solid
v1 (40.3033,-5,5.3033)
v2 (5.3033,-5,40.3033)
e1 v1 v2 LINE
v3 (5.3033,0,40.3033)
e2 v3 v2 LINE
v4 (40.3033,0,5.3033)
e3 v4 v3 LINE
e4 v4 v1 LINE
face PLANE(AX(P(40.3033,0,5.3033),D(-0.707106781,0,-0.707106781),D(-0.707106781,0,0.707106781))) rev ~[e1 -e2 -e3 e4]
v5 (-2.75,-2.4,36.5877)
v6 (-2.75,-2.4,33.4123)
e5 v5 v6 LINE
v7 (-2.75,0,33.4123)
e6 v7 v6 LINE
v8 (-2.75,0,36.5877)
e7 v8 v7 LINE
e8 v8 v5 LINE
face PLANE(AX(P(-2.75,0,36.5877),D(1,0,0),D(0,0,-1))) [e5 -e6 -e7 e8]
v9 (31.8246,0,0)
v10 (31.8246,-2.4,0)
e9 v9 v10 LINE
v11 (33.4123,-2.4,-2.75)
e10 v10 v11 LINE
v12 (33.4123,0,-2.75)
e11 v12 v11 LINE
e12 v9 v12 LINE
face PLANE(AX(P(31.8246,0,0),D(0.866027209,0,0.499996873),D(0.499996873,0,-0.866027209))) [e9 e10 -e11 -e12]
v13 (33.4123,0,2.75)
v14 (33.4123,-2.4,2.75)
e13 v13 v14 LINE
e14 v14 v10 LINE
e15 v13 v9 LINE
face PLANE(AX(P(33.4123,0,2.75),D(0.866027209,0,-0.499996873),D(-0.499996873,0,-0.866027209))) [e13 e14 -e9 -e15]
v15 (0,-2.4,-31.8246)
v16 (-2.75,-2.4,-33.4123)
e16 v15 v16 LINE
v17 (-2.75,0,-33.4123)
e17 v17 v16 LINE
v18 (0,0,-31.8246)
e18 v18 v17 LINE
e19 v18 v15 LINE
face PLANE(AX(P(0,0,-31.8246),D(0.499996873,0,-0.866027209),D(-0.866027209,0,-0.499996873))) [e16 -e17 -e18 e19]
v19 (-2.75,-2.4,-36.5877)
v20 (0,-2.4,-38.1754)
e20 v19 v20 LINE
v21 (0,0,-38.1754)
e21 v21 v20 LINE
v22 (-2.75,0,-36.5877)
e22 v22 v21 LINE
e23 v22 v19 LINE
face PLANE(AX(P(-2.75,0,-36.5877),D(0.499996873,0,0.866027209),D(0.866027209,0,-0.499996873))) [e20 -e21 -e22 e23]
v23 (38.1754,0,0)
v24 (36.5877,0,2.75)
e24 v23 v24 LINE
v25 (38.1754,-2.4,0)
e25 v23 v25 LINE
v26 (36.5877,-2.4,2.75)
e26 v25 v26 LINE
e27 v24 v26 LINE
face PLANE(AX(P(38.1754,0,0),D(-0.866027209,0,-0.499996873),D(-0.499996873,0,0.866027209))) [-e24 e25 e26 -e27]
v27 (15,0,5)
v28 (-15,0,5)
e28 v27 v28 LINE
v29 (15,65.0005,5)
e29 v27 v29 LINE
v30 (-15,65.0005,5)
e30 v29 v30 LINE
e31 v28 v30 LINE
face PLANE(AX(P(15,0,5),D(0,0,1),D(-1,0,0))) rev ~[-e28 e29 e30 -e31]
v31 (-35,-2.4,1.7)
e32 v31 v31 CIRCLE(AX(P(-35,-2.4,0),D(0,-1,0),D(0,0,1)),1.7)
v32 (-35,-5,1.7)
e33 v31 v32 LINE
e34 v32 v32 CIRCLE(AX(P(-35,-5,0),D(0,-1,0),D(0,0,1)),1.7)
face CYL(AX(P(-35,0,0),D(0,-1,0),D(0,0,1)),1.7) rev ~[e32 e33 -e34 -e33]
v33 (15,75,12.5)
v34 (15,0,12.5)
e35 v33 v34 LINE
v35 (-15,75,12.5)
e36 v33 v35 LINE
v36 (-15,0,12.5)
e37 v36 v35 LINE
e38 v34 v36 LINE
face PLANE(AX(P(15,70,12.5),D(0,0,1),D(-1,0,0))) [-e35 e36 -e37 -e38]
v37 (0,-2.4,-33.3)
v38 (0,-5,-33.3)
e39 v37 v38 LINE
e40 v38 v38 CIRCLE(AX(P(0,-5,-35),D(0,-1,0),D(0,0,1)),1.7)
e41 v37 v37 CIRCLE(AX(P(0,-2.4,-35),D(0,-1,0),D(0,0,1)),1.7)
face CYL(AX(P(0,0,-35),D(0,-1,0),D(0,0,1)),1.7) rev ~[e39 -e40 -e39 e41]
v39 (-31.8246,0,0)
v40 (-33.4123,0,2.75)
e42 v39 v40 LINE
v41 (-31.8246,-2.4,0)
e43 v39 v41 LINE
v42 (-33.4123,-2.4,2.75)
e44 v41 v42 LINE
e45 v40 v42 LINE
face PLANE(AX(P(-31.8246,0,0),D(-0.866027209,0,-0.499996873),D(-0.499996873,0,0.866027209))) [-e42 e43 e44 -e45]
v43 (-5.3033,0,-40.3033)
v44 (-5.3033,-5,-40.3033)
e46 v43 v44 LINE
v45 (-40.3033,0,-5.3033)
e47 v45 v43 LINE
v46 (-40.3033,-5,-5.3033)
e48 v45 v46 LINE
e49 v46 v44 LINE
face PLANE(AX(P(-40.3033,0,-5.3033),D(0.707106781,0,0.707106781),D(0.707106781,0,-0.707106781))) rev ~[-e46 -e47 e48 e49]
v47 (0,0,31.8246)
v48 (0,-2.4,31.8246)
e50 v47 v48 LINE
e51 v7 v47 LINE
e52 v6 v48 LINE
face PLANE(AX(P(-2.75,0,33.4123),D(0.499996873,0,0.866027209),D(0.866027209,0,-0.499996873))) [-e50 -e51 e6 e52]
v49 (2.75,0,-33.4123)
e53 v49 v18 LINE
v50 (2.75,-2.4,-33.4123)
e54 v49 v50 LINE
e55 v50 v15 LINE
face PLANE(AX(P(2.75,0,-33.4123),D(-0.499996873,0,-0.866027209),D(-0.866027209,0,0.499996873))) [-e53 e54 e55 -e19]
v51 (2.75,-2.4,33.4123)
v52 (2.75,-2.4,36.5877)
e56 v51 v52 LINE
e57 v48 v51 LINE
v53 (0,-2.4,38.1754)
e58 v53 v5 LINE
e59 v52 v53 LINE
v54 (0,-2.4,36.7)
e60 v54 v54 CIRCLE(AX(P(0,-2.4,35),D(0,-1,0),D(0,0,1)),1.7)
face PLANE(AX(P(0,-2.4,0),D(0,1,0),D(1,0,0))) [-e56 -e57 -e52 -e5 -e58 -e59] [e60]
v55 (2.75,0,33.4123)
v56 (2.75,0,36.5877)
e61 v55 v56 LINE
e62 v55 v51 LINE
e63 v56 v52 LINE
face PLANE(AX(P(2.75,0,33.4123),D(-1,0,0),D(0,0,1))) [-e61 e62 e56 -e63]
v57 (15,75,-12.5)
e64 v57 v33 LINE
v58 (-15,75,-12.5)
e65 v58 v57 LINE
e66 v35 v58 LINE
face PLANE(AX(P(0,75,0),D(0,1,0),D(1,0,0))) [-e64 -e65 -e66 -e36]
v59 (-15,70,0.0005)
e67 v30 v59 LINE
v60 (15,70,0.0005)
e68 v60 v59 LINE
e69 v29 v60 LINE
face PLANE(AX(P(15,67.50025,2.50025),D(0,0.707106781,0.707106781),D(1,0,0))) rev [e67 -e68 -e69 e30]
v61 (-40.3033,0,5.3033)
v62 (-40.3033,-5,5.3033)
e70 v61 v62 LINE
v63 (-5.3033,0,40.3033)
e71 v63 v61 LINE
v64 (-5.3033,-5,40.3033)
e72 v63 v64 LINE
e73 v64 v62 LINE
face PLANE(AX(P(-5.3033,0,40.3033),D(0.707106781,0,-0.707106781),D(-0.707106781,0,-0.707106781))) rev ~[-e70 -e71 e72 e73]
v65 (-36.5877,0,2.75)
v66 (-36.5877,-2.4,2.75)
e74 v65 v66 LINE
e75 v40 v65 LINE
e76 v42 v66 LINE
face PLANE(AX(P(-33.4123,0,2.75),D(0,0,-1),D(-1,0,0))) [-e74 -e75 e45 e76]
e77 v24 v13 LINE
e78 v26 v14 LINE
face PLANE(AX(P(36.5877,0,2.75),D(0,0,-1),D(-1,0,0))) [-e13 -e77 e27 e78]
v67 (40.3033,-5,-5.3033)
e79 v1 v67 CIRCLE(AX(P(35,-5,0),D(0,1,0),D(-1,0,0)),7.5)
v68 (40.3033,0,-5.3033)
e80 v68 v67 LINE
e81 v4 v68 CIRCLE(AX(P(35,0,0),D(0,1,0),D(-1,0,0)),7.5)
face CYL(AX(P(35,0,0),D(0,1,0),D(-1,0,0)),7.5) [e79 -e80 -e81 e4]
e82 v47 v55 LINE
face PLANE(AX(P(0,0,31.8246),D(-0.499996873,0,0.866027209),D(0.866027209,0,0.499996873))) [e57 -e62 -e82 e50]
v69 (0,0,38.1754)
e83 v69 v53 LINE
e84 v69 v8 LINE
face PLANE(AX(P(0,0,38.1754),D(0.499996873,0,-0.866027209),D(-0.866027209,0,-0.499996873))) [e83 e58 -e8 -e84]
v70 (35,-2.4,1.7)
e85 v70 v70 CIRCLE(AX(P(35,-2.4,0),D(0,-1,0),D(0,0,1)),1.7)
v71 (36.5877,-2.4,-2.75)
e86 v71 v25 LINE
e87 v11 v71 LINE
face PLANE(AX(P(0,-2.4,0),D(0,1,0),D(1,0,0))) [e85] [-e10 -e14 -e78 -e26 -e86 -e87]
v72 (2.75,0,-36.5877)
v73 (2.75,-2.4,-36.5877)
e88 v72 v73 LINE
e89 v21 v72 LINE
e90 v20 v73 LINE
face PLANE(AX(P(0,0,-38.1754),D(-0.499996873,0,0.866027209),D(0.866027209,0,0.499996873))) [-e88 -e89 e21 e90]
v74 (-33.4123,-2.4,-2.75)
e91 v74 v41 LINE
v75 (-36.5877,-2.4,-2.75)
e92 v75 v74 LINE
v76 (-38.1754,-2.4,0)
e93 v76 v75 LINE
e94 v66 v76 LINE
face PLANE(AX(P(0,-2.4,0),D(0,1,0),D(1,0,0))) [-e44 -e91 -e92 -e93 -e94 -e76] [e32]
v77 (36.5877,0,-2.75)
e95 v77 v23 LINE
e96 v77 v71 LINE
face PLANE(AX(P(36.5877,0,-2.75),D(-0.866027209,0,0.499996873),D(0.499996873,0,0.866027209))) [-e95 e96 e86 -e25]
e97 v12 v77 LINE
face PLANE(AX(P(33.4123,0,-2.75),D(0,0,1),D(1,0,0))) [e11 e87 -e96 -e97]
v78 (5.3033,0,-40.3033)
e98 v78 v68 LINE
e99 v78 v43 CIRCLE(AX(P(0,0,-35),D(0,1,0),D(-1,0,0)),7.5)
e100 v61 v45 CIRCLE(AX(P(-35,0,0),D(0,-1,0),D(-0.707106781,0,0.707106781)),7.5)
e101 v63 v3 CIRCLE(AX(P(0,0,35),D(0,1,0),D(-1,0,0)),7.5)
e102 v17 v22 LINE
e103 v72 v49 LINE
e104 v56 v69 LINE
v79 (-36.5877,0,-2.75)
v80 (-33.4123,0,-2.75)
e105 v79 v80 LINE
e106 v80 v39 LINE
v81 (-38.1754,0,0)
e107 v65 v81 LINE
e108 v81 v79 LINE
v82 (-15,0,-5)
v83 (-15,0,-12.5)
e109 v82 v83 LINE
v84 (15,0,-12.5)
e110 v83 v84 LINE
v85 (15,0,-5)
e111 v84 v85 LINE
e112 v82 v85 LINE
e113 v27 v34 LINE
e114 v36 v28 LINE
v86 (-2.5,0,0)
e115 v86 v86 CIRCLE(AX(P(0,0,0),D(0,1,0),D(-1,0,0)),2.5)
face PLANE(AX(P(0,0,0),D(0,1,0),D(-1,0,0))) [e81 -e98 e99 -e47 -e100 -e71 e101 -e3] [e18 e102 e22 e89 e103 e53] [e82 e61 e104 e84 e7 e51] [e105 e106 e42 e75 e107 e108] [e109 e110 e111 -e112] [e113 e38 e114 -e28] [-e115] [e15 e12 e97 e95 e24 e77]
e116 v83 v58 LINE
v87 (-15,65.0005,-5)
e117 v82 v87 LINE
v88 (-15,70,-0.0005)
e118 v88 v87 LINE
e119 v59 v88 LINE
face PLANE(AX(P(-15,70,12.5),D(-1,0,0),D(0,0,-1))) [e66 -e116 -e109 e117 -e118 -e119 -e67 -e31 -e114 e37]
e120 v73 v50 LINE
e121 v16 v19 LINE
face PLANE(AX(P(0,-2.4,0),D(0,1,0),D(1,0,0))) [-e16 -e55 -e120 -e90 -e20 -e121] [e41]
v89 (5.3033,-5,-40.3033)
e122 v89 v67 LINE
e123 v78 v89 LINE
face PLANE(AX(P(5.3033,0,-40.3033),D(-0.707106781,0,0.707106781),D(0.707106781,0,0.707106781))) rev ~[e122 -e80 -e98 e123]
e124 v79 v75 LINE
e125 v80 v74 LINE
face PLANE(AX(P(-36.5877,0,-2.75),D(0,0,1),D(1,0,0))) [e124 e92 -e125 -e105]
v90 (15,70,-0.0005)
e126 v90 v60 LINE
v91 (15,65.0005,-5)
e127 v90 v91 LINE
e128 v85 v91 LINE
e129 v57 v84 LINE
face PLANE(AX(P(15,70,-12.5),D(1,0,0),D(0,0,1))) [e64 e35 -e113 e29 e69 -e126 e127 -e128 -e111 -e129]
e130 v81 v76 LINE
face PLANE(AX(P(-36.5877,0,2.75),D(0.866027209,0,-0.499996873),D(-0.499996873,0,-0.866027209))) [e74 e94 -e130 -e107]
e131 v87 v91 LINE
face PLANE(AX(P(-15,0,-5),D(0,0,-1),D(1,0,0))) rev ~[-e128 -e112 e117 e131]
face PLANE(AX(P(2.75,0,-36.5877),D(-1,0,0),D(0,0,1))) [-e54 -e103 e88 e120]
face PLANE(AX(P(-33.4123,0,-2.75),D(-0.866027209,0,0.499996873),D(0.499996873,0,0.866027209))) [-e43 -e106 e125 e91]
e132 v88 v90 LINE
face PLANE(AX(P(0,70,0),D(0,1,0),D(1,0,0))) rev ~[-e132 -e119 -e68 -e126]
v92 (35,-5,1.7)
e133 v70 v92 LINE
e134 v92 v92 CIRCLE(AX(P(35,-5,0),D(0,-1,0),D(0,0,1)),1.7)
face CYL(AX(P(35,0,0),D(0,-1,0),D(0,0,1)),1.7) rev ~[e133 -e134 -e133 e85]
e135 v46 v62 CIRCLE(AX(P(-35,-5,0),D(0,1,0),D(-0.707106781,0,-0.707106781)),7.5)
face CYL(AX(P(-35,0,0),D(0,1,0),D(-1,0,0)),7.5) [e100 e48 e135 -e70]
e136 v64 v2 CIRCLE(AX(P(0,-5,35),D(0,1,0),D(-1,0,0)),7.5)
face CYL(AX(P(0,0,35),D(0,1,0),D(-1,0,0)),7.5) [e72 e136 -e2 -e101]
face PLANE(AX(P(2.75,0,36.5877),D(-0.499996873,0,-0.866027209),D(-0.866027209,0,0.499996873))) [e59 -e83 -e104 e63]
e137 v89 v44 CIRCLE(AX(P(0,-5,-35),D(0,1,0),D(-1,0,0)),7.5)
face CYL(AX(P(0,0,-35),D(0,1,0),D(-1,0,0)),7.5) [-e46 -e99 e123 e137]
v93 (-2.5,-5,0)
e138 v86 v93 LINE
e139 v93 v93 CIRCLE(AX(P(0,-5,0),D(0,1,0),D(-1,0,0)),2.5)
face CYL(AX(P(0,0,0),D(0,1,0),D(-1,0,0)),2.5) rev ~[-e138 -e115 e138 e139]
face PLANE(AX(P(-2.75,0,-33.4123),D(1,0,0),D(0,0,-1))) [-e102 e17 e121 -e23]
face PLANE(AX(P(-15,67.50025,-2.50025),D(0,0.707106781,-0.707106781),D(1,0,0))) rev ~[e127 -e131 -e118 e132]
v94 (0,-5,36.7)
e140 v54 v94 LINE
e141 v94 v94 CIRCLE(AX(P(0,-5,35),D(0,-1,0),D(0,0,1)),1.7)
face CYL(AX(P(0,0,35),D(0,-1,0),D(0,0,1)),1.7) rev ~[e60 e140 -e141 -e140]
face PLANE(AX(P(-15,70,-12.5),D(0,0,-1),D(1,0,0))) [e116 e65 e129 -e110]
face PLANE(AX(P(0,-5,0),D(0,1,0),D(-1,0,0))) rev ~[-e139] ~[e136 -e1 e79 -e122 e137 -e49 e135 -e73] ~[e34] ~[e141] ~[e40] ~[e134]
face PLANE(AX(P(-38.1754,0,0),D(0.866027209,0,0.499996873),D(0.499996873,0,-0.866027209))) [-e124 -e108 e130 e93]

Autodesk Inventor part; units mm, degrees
ref_plane "YZ Plane" through (0, 0, 0) normal (1, 0, 0) x (0, 1, 0)
ref_plane "XZ Plane" through (0, 0, 0) normal (0, 1, 0) x (-1, 0, 0)
ref_plane "XY Plane" through (0, 0, 0) normal (0, 0, 1) x (1, 0, 0)
sketch "Sketch1" plane through (0, 0, 0) normal (0, 1, 0) x (-1, 0, 0)
  circle A0 centre (0, 0) radius 17.5 construction
  line L0 (0, 35) -> (0, -35) construction
  line L1 (35, 0) -> (-35, 0) construction
  dimension "d0" = 35
  dimension "d1" = 70
  dimension "d2" = 70
sketch "Sketch2" plane through (0, 0, 0) normal (0, 1, 0) x (-1, 0, 0)
  circle A0 centre (0, 0) radius 17.5 construction
  line L0 (0, 35) -> (0, -35) construction
  line L1 (35, 0) -> (-35, 0) construction
  circle A1 centre (35, 0) radius 7.5
  circle A2 centre (0, 35) radius 7.5
  circle A3 centre (-35, 0) radius 7.5
  circle A4 centre (0, -35) radius 7.5
  line L2 (5.3033, 40.3033) -> (40.3033, 5.3033)
  line L3 (-40.3033, 5.3033) -> (-5.3033, 40.3033)
  line L4 (-5.3033, -40.3033) -> (-40.3033, -5.3033)
  line L5 (40.3033, -5.3033) -> (5.3033, -40.3033)
  circle A5 centre (0, 0) radius 2.5
  point P0 (5.3033, -40.3033)
  point P1 (-40.3033, -5.3033)
  dimension "d3" = 15
  dimension "d6" = 360
  dimension "d10" = 360
  dimension "d14" = 5
extrude "Extrusion1" add sketch "Sketch2" against normal blind 5
hole "Hole1" at (0, 0, -35) at (0, 0, 35) at (-35, 0, 0) at (35, 0, 0) direction (0, -1, 0) diameter 3.4 end through all clearance for "Socket Head Cap Screw ISO 4762" size "M3" standard "ISO"
sketch "Sketch3" plane through (0, 0, 0) normal (0, 1, 0) x (1, 0, 0)
  line L0 (15, -12.5) -> (-15, -12.5)
  line L1 (-15, -12.5) -> (-15, 12.5)
  line L2 (-15, 12.5) -> (15, 12.5)
  line L3 (15, 12.5) -> (15, -12.5)
  circle A0 centre (0, 0) radius 2.5 projected
  line L4 (15, -12.5) -> (-15, 12.5) construction
  line L5 (-15, -12.5) -> (15, 12.5) construction
  line L6 (15, -5) -> (-15, -5)
  line L7 (-15, -5) -> (-15, 5)
  line L8 (-15, 5) -> (15, 5)
  line L9 (15, 5) -> (15, -5)
  line L10 (15, -5) -> (-15, 5) construction
  line L11 (-15, -5) -> (15, 5) construction
  point P0 (15, -5)
  dimension "d22" = 30
  dimension "d23" = 25
  dimension "d24" = 10
extrude "Extrusion2" add sketch "Sketch3" along normal blind 70 contours L0 L1 L6 L3 | L8 L1 L2 L3
sketch "Sketch4" plane through (0, 70, 0) normal (0, 1, 0) x (1, 0, 0)
  line L0 (-15, 12.5) -> (15, 12.5)
  line L1 (15, 12.5) -> (15, -12.5)
  line L2 (15, -12.5) -> (-15, -12.5)
  line L3 (-15, -12.5) -> (-15, 12.5)
  point P0 (0, 0)
extrude "Extrusion3" add sketch "Sketch4" along normal blind 5
sketch "Sketch5" plane through (0, 0, 0) normal (0, 1, 0) x (1, 0, 0)
  line L0 (15, -12.5) -> (-15, -12.5) projected
  line L1 (-15, -12.5) -> (-15, -5) projected
  line L2 (-15, -5) -> (15, -5) projected
  line L3 (15, -5) -> (15, -12.5) projected
  line L4 (-15, 12.5) -> (15, 12.5) projected
  line L5 (15, 12.5) -> (15, 5) projected
  line L6 (15, 5) -> (-15, 5) projected
  line L7 (-15, 5) -> (-15, 12.5) projected
  circle A0 centre (35, 0) radius 1.7 projected
  circle A1 centre (-35, 0) radius 1.7 projected
  circle A2 centre (0, -35) radius 1.7 projected
  circle A3 centre (0, 35) radius 1.7 projected
  arc A4 (-40.3033, 5.3033) -> (-40.3033, -5.3033) centre (-35, 0) ccw projected
  line L8 (-40.3033, -5.3033) -> (-5.3033, -40.3033) projected
  arc A5 (-5.3033, -40.3033) -> (5.3033, -40.3033) centre (0, -35) ccw projected
  line L9 (5.3033, -40.3033) -> (40.3033, -5.3033) projected
  arc A6 (40.3033, -5.3033) -> (40.3033, 5.3033) centre (35, 0) ccw projected
  line L10 (40.3033, 5.3033) -> (5.3033, 40.3033) projected
  arc A7 (5.3033, 40.3033) -> (-5.3033, 40.3033) centre (0, 35) ccw projected
  line L11 (-5.3033, 40.3033) -> (-40.3033, 5.3033) projected
  circle A8 centre (0, 0) radius 2.5 projected
  circle A9 centre (-35, 0) radius 2.75 construction
  line L12 (-33.4123, 2.75) -> (-31.8246, 0)
  line L13 (-31.8246, 0) -> (-33.4123, -2.75)
  line L14 (-33.4123, -2.75) -> (-36.5877, -2.75)
  line L15 (-36.5877, -2.75) -> (-38.1754, 0)
  line L16 (-38.1754, 0) -> (-36.5877, 2.75)
  line L17 (-36.5877, 2.75) -> (-33.4123, 2.75)
  line L18 (-2.75, -33.4123) -> (0, -31.8246)
  line L19 (0, -31.8246) -> (2.75, -33.4123)
  circle A10 centre (0, -35) radius 2.75 construction
  line L20 (0, -38.1754) -> (-2.75, -36.5877)
  line L21 (2.75, -36.5877) -> (0, -38.1754)
  line L22 (2.75, -33.4123) -> (2.75, -36.5877)
  line L23 (-2.75, -36.5877) -> (-2.75, -33.4123)
  line L24 (33.4123, -2.75) -> (31.8246, 0)
  line L25 (31.8246, 0) -> (33.4123, 2.75)
  circle A11 centre (35, 0) radius 2.75 construction
  line L26 (38.1754, 0) -> (36.5877, -2.75)
  line L27 (36.5877, 2.75) -> (38.1754, 0)
  line L28 (33.4123, 2.75) -> (36.5877, 2.75)
  line L29 (36.5877, -2.75) -> (33.4123, -2.75)
  line L30 (2.75, 33.4123) -> (0, 31.8246)
  line L31 (0, 31.8246) -> (-2.75, 33.4123)
  circle A12 centre (0, 35) radius 2.75 construction
  line L32 (0, 38.1754) -> (2.75, 36.5877)
  line L33 (-2.75, 36.5877) -> (0, 38.1754)
  line L34 (-2.75, 33.4123) -> (-2.75, 36.5877)
  line L35 (2.75, 36.5877) -> (2.75, 33.4123)
  point P0 (-35, 2.75)
  point P1 (-2.75, -35)
  point P2 (35, -2.75)
  point P3 (2.75, 35)
  dimension "d29" = 5.5
  dimension "d32" = 360
extrude "Extrusion4" cut sketch "Sketch5" against normal blind 2.4 contours A0 | A1 | A2 | L12 L13 L14 L15 L16 L17 | L18 L19 L22 L21 L20 L23 | L24 L25 L28 L27 L26 L29 | L30 L31 L34 L33 L32 L35
chamfer "Chamfer1" distance 5 angle 45 2 edges at (0, 70, -5) (0, 70, 5)
properties part number "turning prevention"
